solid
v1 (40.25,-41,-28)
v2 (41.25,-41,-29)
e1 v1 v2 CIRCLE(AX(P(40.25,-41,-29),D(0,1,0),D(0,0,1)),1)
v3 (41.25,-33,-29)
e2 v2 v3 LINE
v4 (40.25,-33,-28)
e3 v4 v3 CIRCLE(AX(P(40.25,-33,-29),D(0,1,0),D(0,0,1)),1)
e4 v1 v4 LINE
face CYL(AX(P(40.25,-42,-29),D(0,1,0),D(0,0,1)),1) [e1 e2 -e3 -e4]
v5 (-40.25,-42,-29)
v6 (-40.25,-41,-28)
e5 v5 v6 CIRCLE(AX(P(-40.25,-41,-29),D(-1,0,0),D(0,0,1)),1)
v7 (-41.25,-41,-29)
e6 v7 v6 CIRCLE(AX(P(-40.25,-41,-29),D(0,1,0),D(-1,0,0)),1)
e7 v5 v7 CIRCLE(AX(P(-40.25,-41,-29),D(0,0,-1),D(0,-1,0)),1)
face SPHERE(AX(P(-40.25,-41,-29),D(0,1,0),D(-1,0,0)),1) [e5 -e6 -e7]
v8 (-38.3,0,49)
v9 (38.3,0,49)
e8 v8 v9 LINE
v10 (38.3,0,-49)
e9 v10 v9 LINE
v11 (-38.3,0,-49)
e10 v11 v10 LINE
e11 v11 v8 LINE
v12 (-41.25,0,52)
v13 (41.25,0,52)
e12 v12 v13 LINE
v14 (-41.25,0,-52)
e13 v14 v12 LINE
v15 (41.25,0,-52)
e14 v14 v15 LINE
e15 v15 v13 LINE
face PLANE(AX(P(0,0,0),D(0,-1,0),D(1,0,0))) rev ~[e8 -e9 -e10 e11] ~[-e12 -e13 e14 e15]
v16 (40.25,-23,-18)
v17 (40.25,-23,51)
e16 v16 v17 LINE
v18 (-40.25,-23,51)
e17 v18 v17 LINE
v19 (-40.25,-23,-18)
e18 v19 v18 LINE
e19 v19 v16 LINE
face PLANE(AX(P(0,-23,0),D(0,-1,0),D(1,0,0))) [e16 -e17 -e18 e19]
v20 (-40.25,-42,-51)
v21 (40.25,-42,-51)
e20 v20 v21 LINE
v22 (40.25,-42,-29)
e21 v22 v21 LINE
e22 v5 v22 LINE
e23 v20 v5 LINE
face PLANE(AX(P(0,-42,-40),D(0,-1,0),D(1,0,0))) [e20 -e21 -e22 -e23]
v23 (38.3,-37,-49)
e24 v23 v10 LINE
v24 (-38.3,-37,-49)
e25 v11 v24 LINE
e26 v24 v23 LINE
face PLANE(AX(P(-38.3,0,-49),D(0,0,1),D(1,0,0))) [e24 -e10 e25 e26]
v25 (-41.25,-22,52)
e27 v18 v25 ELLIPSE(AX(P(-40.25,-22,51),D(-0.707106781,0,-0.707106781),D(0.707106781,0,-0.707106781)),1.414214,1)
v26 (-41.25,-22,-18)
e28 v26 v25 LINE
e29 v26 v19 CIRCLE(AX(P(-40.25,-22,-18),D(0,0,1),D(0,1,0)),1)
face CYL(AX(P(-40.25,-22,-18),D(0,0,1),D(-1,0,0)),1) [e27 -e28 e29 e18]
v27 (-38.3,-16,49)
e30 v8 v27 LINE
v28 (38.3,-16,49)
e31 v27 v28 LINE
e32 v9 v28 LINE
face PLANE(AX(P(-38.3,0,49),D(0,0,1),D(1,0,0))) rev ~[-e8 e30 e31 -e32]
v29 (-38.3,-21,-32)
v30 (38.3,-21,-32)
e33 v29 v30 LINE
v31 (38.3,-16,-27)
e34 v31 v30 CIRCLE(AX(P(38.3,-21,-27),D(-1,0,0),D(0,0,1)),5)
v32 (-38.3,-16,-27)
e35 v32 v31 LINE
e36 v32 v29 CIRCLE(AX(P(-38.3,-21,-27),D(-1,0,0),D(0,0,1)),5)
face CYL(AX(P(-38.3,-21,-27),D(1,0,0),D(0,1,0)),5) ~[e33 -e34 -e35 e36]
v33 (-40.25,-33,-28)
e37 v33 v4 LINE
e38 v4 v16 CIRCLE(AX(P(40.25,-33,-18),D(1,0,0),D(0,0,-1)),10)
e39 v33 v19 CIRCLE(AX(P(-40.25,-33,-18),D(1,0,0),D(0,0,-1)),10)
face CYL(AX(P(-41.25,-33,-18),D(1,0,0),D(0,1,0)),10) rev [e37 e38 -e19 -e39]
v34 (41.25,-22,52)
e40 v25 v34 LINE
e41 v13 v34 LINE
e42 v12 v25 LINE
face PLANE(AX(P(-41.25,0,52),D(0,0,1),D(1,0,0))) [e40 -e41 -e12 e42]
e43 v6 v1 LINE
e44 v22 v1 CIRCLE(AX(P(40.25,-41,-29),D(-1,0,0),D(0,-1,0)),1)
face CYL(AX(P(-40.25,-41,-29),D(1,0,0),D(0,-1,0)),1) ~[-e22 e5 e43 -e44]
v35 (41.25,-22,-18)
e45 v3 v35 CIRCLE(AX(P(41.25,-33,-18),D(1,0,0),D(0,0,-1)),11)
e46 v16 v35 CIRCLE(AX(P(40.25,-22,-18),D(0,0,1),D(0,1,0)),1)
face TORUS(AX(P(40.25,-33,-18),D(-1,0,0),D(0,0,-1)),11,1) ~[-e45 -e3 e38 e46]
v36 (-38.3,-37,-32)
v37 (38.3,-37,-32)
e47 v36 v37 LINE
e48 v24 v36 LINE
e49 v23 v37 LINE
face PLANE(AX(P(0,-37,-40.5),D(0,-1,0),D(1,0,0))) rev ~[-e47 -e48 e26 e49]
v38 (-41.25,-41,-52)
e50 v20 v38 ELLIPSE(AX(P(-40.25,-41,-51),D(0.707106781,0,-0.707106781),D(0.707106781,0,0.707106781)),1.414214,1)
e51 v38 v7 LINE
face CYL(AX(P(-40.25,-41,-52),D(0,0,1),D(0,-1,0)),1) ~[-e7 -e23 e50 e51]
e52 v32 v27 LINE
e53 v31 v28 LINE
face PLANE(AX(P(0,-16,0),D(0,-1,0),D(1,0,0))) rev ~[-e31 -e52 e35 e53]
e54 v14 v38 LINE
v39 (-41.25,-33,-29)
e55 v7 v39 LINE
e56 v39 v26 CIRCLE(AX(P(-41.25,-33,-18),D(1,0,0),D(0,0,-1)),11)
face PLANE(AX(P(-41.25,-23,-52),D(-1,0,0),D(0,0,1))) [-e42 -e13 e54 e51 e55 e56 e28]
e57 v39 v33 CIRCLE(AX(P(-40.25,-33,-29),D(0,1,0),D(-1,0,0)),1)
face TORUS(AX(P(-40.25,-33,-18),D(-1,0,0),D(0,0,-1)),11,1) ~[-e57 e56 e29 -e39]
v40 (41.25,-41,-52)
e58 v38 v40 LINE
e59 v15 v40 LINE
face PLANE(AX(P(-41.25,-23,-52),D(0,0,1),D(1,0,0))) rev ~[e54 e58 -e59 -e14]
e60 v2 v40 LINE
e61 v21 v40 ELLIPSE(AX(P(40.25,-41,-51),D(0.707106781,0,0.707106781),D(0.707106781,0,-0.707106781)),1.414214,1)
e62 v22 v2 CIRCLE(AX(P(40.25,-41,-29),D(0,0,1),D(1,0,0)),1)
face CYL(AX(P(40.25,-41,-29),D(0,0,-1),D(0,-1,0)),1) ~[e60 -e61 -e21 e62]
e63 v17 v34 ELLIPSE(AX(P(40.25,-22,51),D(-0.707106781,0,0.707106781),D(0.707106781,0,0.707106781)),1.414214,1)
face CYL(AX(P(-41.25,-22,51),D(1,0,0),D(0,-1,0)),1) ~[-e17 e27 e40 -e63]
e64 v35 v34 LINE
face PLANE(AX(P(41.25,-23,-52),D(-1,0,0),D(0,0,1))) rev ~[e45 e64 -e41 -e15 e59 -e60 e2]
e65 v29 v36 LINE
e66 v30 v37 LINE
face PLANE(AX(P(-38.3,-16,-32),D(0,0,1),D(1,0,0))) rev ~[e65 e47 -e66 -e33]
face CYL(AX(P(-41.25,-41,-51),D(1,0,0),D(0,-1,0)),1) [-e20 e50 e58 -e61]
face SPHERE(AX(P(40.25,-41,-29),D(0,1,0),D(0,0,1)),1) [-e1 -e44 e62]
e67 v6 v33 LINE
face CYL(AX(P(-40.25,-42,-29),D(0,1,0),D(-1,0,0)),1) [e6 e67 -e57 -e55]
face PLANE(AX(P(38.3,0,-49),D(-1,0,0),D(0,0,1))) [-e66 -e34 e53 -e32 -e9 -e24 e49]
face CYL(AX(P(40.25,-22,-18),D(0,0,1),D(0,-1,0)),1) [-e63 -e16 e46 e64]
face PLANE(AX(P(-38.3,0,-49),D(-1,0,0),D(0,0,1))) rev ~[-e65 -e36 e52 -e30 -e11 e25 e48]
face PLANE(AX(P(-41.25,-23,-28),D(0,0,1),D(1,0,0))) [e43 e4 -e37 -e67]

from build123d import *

# Parameters (mm, degrees)
SKETCH_W        = 82.5
SKETCH_H        = 104
PAD_DEPTH       = 23
SKETCH001_W     = 76.6
SKETCH001_H     = 98
POCKET_DEPTH    = 16
SKETCH002_W     = 82.5
SKETCH002_H     = 24
PAD001_DEPTH    = 19
FILLET_R        = 10
FILLET001_R     = 1
FILLET002_R     = 1
SKETCH003_W     = 76.6
SKETCH003_H     = 17
POCKET001_DEPTH = 21
FILLET003_R     = 5


with BuildPart() as part:
    # Sketch → Pad (new body)
    with BuildSketch(Plane.XZ):
        Rectangle(SKETCH_W, SKETCH_H)
    extrude(amount=PAD_DEPTH)

    # Sketch001 → Pocket (cut)
    with BuildSketch(Plane.XZ):
        Rectangle(SKETCH001_W, SKETCH001_H)
    extrude(amount=POCKET_DEPTH, mode=Mode.SUBTRACT)

    # Sketch002 → Pad001 (join)
    with BuildSketch(Plane(origin=(0, -23, 1), x_dir=(1, 0, 0), z_dir=(0, -1, 0))):
        with Locations((0, -41)):
            Rectangle(SKETCH002_W, SKETCH002_H)
    extrude(amount=PAD001_DEPTH)

    # Fillet
    fillet_edges = [part.edges().sort_by_distance(p)[0] for p in [
        (0, -23, -28),
    ]]
    fillet(fillet_edges, radius=FILLET_R)

    # Fillet001
    fillet001_edges = [part.edges().sort_by_distance(p)[0] for p in [
        (41.25, -23, 17),
        (0, -23, 52),
        (-41.25, -23, 17),
    ]]
    fillet(fillet001_edges, radius=FILLET001_R)

    # Fillet002
    fillet002_edges = [part.edges().sort_by_distance(p)[0] for p in [
        (0, -42, -28),
        (-40.957107, -42, -28.292893),
        (40.957107, -42, -28.292893),
        (-41.25, -42, -40.5),
        (41.25, -42, -40.5),
        (0, -42, -52),
    ]]
    fillet(fillet002_edges, radius=FILLET002_R)

    # Sketch003 → Pocket001 (cut)
    with BuildSketch(Plane.XZ.offset(16)):
        with Locations((0, -40.5)):
            Rectangle(SKETCH003_W, SKETCH003_H)
    extrude(amount=POCKET001_DEPTH, mode=Mode.SUBTRACT)

    # Fillet003
    fillet003_edges = [part.edges().sort_by_distance(p)[0] for p in [
        (0, -16, -32),
    ]]
    fillet(fillet003_edges, radius=FILLET003_R)


solid = part.part
